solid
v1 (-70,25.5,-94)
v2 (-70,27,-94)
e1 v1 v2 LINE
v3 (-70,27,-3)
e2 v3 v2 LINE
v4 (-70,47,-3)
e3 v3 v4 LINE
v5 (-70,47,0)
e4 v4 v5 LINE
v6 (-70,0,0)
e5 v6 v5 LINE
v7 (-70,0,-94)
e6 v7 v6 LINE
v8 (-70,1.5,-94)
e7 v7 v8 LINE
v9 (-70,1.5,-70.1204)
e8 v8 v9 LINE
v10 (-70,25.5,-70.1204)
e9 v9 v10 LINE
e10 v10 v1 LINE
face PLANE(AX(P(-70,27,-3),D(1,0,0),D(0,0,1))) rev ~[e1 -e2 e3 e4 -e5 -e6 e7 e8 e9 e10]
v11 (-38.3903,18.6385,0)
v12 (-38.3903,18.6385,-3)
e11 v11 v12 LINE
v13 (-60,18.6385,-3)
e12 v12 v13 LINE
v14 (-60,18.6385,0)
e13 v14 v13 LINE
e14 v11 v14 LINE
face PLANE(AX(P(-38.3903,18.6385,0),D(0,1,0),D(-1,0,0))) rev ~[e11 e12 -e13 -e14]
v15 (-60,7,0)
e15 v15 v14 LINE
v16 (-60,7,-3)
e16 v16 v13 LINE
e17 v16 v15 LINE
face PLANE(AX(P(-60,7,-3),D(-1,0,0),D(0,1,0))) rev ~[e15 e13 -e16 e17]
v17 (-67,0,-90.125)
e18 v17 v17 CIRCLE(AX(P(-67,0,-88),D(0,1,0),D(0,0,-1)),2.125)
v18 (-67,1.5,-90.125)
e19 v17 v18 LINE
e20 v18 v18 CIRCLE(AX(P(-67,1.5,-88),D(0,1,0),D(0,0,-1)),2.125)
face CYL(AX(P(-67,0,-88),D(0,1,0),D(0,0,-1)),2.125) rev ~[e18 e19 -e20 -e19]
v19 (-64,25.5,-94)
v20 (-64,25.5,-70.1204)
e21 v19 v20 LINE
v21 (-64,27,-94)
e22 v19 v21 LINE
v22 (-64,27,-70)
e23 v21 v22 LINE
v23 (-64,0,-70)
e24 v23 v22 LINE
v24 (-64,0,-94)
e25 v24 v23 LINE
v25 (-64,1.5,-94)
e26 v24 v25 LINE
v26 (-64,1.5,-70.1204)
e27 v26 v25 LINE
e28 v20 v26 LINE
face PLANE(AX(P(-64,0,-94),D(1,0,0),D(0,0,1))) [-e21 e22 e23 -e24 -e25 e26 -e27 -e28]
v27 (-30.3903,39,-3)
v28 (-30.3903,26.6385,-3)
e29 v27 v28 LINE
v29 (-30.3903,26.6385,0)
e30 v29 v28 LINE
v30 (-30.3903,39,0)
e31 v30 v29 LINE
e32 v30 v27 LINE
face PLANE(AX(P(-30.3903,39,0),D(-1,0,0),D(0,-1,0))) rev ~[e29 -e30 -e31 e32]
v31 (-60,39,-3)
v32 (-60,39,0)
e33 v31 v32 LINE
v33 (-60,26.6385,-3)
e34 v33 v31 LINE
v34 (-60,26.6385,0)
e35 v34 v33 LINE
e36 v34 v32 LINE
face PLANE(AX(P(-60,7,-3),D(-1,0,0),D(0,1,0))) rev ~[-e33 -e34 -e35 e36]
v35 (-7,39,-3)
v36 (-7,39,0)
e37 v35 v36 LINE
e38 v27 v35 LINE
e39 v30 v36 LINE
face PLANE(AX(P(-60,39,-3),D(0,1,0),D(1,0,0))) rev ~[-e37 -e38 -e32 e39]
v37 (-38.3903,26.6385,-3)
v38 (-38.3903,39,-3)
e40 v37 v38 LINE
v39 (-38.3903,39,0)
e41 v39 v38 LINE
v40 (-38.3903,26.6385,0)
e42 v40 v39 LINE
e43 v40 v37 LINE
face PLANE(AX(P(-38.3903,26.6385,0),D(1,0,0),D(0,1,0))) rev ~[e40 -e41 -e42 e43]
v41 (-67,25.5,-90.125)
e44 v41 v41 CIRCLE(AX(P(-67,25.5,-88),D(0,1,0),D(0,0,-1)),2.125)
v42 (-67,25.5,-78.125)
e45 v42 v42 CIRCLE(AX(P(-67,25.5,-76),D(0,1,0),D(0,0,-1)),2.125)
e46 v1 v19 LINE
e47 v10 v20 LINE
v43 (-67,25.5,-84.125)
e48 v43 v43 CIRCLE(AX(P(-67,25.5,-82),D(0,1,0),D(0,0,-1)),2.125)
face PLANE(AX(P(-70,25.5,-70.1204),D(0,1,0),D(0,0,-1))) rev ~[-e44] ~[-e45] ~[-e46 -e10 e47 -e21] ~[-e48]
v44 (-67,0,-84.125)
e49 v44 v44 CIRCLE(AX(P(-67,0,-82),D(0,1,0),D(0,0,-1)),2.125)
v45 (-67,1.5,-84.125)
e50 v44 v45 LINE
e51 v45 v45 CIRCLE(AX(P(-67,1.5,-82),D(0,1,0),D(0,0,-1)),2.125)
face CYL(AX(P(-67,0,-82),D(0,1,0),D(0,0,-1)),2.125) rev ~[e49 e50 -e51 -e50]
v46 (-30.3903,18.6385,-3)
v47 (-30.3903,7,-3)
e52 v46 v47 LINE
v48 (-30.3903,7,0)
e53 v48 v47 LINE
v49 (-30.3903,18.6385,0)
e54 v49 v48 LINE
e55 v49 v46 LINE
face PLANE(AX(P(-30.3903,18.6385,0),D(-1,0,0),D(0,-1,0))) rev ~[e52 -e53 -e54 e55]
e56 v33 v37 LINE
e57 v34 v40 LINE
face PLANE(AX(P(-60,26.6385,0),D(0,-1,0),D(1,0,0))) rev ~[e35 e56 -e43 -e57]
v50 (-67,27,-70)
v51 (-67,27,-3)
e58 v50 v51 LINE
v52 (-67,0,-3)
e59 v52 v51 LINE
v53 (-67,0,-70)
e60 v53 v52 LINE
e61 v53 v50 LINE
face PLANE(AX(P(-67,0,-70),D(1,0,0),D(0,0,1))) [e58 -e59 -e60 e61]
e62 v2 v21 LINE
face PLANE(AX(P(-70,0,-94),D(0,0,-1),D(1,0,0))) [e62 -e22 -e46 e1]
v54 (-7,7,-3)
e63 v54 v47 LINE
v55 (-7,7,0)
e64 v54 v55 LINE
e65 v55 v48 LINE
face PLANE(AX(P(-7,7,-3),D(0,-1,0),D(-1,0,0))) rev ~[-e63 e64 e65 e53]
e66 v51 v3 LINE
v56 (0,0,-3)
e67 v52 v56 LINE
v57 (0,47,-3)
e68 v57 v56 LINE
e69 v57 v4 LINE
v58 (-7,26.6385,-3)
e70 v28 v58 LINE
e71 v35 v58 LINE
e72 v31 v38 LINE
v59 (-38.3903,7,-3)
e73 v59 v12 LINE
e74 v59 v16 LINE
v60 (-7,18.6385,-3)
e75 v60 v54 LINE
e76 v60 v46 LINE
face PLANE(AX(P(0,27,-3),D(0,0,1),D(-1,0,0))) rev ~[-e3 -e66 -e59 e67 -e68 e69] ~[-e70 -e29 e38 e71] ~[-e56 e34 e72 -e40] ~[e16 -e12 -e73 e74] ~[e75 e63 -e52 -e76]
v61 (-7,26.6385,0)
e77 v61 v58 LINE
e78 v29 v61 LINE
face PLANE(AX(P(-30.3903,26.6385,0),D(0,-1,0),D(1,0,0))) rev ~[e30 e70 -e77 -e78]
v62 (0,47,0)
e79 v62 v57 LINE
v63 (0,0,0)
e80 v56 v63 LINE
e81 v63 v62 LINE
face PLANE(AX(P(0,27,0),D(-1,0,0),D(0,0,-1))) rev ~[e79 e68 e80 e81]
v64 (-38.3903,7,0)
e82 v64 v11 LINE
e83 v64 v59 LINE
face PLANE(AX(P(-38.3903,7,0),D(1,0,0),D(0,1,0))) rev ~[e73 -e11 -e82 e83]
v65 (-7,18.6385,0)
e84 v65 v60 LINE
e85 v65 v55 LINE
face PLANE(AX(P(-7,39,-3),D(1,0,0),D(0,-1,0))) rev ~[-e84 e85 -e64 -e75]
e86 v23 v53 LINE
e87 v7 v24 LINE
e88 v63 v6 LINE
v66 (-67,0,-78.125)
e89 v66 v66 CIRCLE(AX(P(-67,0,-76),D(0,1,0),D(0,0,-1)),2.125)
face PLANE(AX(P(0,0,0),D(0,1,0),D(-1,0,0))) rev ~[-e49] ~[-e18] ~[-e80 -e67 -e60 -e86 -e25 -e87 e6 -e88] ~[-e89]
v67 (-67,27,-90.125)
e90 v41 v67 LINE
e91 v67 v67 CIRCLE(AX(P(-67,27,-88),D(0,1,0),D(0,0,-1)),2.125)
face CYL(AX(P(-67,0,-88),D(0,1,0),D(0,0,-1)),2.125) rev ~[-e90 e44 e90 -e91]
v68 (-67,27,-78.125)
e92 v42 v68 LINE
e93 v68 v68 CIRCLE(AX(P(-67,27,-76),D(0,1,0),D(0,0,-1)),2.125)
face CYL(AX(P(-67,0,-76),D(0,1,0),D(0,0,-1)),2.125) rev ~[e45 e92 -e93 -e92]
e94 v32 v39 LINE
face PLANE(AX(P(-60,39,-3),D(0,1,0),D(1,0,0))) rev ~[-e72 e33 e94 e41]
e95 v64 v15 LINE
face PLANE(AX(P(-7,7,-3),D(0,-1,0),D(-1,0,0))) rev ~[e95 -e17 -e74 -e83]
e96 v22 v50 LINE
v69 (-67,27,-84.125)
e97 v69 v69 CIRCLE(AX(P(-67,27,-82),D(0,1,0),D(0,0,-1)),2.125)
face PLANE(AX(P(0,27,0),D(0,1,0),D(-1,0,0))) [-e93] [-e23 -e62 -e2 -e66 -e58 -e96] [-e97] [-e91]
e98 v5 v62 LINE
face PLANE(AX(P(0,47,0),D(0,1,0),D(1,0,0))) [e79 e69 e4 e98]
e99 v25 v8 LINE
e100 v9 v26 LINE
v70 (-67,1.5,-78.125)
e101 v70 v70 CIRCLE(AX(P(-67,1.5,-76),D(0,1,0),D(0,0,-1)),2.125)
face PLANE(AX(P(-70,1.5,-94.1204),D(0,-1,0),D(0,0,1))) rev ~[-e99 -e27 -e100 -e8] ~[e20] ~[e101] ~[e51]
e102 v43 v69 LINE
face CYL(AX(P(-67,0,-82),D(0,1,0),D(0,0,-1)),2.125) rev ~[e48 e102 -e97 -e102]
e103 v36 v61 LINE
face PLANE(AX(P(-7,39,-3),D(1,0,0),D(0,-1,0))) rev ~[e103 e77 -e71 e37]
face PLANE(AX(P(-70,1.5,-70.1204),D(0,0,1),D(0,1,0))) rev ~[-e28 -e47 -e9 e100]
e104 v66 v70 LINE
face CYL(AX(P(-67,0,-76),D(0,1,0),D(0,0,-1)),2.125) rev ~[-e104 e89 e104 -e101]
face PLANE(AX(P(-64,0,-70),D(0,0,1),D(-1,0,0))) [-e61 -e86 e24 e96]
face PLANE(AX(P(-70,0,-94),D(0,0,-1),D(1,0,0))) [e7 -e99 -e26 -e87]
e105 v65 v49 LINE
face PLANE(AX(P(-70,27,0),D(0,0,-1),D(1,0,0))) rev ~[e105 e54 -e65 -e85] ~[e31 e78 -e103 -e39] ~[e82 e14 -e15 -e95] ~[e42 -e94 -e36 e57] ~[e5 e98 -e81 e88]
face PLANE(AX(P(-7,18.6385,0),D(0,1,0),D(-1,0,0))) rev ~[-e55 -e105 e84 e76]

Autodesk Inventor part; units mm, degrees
ref_plane "YZ Plane" through (0, 0, 0) normal (1, 0, 0) x (0, 1, 0)
ref_plane "XZ Plane" through (0, 0, 0) normal (0, 1, 0) x (-1, 0, 0)
ref_plane "XY Plane" through (0, 0, 0) normal (0, 0, 1) x (1, 0, 0)
sketch "Sketch3" plane through (0, 0, 0) normal (0, 1, 0) x (-1, 0, 0)
  line L0 (0, 0) -> (70, 0)
  line L1 (70, 0) -> (70, -70)
  line L2 (70, -70) -> (70, -94)
  line L3 (70, -94) -> (64, -94)
  line L4 (64, -94) -> (64, -70)
  line L5 (64, -3) -> (0, -3)
  line L6 (0, -3) -> (0, 0)
  line L7 (64, -70) -> (67, -70)
  line L8 (67, -70) -> (67, -3)
  line L9 (67, -3) -> (64, -3)
  circle A0 centre (67, -82) radius 2.125
  circle A1 centre (67, -76) radius 2.125
  circle A2 centre (67, -88) radius 2.125
  dimension "d26" = 70
  dimension "d27" = 70
  dimension "d29" = 6
  dimension "d55" = 4.25
  dimension "d56" = 4.25
  dimension "d57" = 4.25
  dimension "d59" = 6
  dimension "d60" = 6
  dimension "d61" = 6
extrude "Extrusion2" add sketch "Sketch3" along normal blind 27 contours L0 L1 L2 L3 L4 L7 L8 L9 L5 L6 | A0 | A1 | A2
sketch "Sketch4" plane through (0, 27, 0) normal (0, 1, 0) x (1, 0, 0)
  line L0 (-70, 0) -> (0, 0) projected
  line L1 (0, 0) -> (0, 3) projected
  line L2 (-70, 0) -> (0, 0)
  line L3 (0, 0) -> (0, 3)
  line L4 (0, 3) -> (-70, 3)
  line L5 (-70, 3) -> (-70, 0)
extrude "Extrusion3" add sketch "Sketch4" along normal blind 20
sketch "Sketch5" plane through (-70, 0, -94) normal (-1, 0, 0) x (0, 0, 1)
  line L0 (-0.1204, 1.5) -> (23.8796, 1.5)
  line L1 (23.8796, 1.5) -> (23.8796, 25.5)
  line L2 (23.8796, 25.5) -> (-0.1204, 25.5)
  line L3 (-0.1204, 25.5) -> (-0.1204, 1.5)
  line L4 (94, 0) -> (0, 0) projected
  dimension "d36" = 24
  dimension "d37" = 24
  dimension "d38" = 1.5
extrude "Extrusion4" cut sketch "Sketch5" against normal blind 10
sketch "Sketch9" plane through (0, 0, -3) normal (0, 0, -1) x (-1, 0, 0)
  line L0 (7, 7) -> (60, 7)
  line L1 (60, 7) -> (60, 39)
  line L2 (60, 39) -> (7, 39)
  line L3 (7, 39) -> (7, 7)
  line L4 (0, 0) -> (0, 47) projected
  line L5 (67, 0) -> (0, 0) projected
  dimension "d45" = 53
  dimension "d46" = 32
  dimension "d47" = 7
  dimension "d48" = 7
extrude "Extrusion5" cut sketch "Sketch9" against normal blind 10
sketch "Sketch10" plane through (-70, 0, 0) normal (0, 0, 1) x (1, 0, 0)
  line L0 (10, 39) -> (10, 7) projected
  line L1 (63, 7) -> (63, 39) projected
  line L2 (63, 26.6385) -> (63, 18.6385)
  line L3 (10, 18.6385) -> (10, 26.6385)
  line L4 (63, 39) -> (10, 39) projected
  line L5 (10, 7) -> (63, 7) projected
  line L6 (31.6097, 39) -> (39.6097, 39)
  line L7 (39.6097, 39) -> (39.6097, 7)
  line L8 (39.6097, 7) -> (31.6097, 7)
  line L9 (31.6097, 7) -> (31.6097, 18.6385)
  line L10 (31.6097, 26.6385) -> (31.6097, 39)
  line L11 (10, 26.6385) -> (31.6097, 26.6385)
  line L12 (39.6097, 26.6385) -> (63, 26.6385)
  line L13 (63, 18.6385) -> (39.6097, 18.6385)
  line L14 (31.6097, 18.6385) -> (10, 18.6385)
  point P0 (70, 0)
  dimension "d51" = 8
  dimension "d52" = 8
extrude "Extrusion6" add sketch "Sketch10" against normal blind 3 contours L11 L10 L4 L7 L5 L9 L14 L0 | L12 L1 L13 L7
sketch "Sketch11" plane through (0, 0, 0) normal (0, -1, 0) x (1, 0, 0)
  point P0 (0, 0)
sketch "Sketch12" plane through (0, 0, 0) normal (0, -1, 0) x (1, 0, 0)
  circle A0 centre (-67, -82) radius 2.125
  circle A1 centre (-67, -76) radius 2.125
  circle A2 centre (-67, -88) radius 2.125
  line L0 (-64, -70) -> (-67, -70) projected
  point P0 (0, 0)
  dimension "d62" = 4.25
  dimension "d63" = 4.25
  dimension "d64" = 4.25
  dimension "d65" = 6
  dimension "d66" = 6
  dimension "d67" = 6
hole "Hole2" at (-67, 0, -88) at (-67, 0, -82) at (-67, 0, -76) direction (0, 1, 0) diameter 4.25 end through all
sketch "Sketch13" plane through (-70, 0, -94) normal (-1, 0, 0) x (0, 0, 1)
  point P0 (94, 0)
properties part number "GrapperRight"
